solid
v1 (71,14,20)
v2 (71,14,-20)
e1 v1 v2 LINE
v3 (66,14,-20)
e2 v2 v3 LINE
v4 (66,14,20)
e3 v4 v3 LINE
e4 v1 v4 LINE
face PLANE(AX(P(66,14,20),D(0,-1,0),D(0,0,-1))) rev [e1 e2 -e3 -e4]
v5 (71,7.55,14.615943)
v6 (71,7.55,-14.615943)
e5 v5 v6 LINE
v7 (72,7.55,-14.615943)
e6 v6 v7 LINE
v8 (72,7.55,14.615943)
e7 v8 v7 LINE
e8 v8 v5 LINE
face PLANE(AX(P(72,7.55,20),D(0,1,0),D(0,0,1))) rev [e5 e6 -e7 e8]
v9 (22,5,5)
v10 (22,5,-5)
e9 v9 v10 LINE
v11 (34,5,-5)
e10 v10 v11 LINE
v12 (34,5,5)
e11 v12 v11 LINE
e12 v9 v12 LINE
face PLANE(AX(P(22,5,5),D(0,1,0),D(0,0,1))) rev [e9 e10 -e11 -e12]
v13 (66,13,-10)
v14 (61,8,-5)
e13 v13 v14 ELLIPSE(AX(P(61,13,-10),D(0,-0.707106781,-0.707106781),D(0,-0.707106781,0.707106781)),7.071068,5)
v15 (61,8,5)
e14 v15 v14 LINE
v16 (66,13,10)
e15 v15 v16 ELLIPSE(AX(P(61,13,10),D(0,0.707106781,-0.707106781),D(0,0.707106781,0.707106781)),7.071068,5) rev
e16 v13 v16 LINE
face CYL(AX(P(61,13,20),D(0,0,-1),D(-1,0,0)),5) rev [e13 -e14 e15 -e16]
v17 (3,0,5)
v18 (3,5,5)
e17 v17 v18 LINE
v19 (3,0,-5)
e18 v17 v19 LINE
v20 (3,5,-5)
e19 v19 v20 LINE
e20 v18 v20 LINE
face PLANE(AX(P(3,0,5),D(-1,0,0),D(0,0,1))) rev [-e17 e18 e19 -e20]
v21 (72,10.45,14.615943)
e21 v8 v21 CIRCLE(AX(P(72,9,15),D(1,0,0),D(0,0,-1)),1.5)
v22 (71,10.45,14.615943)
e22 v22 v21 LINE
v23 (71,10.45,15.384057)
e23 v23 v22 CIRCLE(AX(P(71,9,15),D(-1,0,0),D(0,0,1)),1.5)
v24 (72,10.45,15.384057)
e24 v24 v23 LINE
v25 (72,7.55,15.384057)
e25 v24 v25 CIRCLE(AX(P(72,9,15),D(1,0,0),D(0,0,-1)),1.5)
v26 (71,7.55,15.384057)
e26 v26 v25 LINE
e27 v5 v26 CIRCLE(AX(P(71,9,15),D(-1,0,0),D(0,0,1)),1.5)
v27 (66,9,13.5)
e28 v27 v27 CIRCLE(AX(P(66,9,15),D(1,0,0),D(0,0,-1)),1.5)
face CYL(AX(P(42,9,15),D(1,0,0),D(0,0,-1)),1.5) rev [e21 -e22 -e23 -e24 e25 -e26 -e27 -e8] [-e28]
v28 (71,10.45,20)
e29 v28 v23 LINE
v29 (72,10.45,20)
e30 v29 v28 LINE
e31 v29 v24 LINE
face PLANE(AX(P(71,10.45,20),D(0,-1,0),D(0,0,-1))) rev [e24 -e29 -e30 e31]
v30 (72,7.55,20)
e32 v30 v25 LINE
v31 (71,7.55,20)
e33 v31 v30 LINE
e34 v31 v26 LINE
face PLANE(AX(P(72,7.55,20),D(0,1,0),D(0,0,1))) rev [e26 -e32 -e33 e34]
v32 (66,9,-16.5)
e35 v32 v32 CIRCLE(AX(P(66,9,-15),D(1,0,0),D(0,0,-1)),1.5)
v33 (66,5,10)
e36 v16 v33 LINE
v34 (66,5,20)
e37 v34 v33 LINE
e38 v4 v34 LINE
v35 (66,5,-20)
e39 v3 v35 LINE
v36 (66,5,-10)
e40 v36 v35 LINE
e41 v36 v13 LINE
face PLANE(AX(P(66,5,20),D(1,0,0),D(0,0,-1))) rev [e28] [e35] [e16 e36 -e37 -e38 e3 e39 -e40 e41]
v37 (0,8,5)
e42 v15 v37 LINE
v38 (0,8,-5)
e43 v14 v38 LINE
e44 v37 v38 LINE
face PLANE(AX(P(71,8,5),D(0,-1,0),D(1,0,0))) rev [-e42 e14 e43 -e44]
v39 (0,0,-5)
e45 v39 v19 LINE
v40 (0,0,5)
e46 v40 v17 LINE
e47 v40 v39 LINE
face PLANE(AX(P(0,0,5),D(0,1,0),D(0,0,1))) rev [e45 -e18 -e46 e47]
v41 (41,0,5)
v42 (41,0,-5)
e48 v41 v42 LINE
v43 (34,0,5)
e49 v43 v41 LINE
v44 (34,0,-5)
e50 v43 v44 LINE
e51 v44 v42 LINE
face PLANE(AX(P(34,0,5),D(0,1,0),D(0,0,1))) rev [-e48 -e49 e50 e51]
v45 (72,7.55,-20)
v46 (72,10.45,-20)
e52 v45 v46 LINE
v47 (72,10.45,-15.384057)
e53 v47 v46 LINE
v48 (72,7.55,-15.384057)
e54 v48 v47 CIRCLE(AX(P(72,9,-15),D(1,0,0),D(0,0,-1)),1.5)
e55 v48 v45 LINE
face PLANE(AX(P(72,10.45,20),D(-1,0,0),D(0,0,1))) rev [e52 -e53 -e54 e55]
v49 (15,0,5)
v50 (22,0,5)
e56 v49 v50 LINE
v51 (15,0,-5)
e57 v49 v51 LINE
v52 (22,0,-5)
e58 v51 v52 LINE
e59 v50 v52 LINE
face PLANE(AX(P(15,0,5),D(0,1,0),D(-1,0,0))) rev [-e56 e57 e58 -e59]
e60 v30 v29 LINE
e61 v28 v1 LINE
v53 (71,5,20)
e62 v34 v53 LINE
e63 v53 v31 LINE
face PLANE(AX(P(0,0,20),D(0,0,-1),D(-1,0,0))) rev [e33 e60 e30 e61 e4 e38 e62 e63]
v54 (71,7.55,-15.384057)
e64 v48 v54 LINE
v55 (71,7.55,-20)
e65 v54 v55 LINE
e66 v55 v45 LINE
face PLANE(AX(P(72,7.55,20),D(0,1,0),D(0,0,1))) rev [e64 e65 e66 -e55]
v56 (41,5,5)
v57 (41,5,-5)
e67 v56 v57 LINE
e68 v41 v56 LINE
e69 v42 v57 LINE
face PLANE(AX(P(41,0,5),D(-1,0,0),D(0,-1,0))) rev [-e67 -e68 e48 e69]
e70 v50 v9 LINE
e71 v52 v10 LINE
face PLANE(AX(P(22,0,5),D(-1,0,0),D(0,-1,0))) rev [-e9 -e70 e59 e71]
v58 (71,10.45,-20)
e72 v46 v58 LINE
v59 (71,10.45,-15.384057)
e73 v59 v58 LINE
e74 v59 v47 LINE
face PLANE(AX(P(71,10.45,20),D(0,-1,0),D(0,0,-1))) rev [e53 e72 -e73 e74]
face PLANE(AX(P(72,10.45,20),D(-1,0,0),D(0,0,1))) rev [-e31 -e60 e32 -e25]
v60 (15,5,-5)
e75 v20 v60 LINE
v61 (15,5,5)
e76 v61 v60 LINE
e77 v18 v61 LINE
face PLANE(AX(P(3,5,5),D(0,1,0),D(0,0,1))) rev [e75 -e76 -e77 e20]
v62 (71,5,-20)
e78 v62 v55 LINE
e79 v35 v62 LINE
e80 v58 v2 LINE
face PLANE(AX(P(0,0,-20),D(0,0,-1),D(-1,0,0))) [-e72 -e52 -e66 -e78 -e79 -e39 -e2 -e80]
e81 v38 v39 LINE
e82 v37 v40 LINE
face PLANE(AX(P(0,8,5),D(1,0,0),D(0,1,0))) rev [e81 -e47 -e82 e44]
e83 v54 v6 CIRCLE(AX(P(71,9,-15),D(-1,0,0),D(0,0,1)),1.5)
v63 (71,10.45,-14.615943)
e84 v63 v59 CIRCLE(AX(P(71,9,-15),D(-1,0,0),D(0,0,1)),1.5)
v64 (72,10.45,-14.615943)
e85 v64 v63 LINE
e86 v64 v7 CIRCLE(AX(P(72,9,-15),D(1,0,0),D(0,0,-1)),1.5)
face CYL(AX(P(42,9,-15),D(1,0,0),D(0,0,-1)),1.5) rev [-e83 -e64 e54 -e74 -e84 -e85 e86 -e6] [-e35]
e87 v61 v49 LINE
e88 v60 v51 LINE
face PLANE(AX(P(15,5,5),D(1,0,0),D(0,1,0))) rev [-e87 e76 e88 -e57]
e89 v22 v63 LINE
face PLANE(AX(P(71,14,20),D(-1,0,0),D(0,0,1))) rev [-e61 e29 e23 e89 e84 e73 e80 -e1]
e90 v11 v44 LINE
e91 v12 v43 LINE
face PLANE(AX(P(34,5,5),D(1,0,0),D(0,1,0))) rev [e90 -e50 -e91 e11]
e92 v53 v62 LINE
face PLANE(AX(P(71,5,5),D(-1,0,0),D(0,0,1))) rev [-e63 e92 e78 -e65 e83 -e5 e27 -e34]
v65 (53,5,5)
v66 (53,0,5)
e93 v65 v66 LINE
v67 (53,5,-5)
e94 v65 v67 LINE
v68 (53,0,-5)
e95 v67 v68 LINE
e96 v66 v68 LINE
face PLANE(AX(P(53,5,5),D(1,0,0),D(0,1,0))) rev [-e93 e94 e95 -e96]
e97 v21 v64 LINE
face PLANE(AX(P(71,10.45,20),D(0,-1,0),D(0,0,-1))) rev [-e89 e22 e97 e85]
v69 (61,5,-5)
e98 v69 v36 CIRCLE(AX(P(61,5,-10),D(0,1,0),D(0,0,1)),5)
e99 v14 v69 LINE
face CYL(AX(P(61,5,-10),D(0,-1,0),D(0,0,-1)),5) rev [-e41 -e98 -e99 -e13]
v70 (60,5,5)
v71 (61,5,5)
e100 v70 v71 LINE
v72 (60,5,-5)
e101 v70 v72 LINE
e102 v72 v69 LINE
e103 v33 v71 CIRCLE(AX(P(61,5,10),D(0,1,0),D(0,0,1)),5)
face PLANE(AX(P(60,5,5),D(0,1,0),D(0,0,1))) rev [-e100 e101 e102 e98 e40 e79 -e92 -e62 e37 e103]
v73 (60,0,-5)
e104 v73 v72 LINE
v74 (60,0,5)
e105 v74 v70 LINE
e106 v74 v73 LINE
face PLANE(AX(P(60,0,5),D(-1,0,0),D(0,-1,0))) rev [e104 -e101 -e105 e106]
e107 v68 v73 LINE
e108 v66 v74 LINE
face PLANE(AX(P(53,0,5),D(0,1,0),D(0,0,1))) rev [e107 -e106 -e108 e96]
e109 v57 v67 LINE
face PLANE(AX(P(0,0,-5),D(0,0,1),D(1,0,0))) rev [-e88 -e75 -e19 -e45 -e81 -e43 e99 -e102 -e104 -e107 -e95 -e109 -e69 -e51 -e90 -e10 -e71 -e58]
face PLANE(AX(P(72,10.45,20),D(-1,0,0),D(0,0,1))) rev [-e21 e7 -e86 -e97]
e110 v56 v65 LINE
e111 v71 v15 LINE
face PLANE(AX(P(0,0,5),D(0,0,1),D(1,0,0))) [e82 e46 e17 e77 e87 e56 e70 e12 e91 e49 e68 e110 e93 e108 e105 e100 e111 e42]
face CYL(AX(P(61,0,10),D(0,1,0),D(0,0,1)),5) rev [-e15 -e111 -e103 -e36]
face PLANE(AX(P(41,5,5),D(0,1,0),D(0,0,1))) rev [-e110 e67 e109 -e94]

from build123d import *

# Parameters (mm, degrees)
MAIN_DEPTH             = 5
MAKERBEAMFIX_DEPTH     = 20
SKETCH2_R              = 1.5
MAKERBEAMFIXHOLE_DEPTH = 30
FILLET1_R              = 5


with BuildPart() as part:
    # Esquisse1 → Main (new body, symmetric)
    with BuildSketch(Plane.XY):
        Polygon((3, 0), (3, 5), (15, 5), (15, 0), (22, 0), (22, 5), (34, 5), (34, 0), (41, 0), (41, 5), (53, 5), (53, 0), (60, 0), (60, 5), (71, 5), (71, 8), (0, 8), (0, 0), align=None)
    extrude(amount=MAIN_DEPTH, both=True)

    # Sketch1 → MakerBeamFix (add, symmetric)
    with BuildSketch(Plane.XY):
        Polygon((66, 14), (71, 14), (71, 10.45), (72, 10.45), (72, 7.55), (71, 7.55), (71, 5), (66, 5), align=None)
    extrude(amount=MAKERBEAMFIX_DEPTH, both=True)

    # Sketch2 → MakerBeamFixHole (cut)
    with BuildSketch(Plane(origin=(72, 0, 0), x_dir=(0, 0, -1), z_dir=(1, 0, 0))):
        with Locations((-15, 9)):
            Circle(SKETCH2_R)
        with Locations((15, 9)):
            Circle(SKETCH2_R)
    extrude(amount=-MAKERBEAMFIXHOLE_DEPTH, mode=Mode.SUBTRACT)

    # Fillet1
    fillet1_edges = [part.edges().sort_by_distance(p)[0] for p in [
        (66, 6.5, -5),
        (66, 6.5, 5),
        (66, 8, 0),
    ]]
    fillet(fillet1_edges, radius=FILLET1_R)


solid = part.part
